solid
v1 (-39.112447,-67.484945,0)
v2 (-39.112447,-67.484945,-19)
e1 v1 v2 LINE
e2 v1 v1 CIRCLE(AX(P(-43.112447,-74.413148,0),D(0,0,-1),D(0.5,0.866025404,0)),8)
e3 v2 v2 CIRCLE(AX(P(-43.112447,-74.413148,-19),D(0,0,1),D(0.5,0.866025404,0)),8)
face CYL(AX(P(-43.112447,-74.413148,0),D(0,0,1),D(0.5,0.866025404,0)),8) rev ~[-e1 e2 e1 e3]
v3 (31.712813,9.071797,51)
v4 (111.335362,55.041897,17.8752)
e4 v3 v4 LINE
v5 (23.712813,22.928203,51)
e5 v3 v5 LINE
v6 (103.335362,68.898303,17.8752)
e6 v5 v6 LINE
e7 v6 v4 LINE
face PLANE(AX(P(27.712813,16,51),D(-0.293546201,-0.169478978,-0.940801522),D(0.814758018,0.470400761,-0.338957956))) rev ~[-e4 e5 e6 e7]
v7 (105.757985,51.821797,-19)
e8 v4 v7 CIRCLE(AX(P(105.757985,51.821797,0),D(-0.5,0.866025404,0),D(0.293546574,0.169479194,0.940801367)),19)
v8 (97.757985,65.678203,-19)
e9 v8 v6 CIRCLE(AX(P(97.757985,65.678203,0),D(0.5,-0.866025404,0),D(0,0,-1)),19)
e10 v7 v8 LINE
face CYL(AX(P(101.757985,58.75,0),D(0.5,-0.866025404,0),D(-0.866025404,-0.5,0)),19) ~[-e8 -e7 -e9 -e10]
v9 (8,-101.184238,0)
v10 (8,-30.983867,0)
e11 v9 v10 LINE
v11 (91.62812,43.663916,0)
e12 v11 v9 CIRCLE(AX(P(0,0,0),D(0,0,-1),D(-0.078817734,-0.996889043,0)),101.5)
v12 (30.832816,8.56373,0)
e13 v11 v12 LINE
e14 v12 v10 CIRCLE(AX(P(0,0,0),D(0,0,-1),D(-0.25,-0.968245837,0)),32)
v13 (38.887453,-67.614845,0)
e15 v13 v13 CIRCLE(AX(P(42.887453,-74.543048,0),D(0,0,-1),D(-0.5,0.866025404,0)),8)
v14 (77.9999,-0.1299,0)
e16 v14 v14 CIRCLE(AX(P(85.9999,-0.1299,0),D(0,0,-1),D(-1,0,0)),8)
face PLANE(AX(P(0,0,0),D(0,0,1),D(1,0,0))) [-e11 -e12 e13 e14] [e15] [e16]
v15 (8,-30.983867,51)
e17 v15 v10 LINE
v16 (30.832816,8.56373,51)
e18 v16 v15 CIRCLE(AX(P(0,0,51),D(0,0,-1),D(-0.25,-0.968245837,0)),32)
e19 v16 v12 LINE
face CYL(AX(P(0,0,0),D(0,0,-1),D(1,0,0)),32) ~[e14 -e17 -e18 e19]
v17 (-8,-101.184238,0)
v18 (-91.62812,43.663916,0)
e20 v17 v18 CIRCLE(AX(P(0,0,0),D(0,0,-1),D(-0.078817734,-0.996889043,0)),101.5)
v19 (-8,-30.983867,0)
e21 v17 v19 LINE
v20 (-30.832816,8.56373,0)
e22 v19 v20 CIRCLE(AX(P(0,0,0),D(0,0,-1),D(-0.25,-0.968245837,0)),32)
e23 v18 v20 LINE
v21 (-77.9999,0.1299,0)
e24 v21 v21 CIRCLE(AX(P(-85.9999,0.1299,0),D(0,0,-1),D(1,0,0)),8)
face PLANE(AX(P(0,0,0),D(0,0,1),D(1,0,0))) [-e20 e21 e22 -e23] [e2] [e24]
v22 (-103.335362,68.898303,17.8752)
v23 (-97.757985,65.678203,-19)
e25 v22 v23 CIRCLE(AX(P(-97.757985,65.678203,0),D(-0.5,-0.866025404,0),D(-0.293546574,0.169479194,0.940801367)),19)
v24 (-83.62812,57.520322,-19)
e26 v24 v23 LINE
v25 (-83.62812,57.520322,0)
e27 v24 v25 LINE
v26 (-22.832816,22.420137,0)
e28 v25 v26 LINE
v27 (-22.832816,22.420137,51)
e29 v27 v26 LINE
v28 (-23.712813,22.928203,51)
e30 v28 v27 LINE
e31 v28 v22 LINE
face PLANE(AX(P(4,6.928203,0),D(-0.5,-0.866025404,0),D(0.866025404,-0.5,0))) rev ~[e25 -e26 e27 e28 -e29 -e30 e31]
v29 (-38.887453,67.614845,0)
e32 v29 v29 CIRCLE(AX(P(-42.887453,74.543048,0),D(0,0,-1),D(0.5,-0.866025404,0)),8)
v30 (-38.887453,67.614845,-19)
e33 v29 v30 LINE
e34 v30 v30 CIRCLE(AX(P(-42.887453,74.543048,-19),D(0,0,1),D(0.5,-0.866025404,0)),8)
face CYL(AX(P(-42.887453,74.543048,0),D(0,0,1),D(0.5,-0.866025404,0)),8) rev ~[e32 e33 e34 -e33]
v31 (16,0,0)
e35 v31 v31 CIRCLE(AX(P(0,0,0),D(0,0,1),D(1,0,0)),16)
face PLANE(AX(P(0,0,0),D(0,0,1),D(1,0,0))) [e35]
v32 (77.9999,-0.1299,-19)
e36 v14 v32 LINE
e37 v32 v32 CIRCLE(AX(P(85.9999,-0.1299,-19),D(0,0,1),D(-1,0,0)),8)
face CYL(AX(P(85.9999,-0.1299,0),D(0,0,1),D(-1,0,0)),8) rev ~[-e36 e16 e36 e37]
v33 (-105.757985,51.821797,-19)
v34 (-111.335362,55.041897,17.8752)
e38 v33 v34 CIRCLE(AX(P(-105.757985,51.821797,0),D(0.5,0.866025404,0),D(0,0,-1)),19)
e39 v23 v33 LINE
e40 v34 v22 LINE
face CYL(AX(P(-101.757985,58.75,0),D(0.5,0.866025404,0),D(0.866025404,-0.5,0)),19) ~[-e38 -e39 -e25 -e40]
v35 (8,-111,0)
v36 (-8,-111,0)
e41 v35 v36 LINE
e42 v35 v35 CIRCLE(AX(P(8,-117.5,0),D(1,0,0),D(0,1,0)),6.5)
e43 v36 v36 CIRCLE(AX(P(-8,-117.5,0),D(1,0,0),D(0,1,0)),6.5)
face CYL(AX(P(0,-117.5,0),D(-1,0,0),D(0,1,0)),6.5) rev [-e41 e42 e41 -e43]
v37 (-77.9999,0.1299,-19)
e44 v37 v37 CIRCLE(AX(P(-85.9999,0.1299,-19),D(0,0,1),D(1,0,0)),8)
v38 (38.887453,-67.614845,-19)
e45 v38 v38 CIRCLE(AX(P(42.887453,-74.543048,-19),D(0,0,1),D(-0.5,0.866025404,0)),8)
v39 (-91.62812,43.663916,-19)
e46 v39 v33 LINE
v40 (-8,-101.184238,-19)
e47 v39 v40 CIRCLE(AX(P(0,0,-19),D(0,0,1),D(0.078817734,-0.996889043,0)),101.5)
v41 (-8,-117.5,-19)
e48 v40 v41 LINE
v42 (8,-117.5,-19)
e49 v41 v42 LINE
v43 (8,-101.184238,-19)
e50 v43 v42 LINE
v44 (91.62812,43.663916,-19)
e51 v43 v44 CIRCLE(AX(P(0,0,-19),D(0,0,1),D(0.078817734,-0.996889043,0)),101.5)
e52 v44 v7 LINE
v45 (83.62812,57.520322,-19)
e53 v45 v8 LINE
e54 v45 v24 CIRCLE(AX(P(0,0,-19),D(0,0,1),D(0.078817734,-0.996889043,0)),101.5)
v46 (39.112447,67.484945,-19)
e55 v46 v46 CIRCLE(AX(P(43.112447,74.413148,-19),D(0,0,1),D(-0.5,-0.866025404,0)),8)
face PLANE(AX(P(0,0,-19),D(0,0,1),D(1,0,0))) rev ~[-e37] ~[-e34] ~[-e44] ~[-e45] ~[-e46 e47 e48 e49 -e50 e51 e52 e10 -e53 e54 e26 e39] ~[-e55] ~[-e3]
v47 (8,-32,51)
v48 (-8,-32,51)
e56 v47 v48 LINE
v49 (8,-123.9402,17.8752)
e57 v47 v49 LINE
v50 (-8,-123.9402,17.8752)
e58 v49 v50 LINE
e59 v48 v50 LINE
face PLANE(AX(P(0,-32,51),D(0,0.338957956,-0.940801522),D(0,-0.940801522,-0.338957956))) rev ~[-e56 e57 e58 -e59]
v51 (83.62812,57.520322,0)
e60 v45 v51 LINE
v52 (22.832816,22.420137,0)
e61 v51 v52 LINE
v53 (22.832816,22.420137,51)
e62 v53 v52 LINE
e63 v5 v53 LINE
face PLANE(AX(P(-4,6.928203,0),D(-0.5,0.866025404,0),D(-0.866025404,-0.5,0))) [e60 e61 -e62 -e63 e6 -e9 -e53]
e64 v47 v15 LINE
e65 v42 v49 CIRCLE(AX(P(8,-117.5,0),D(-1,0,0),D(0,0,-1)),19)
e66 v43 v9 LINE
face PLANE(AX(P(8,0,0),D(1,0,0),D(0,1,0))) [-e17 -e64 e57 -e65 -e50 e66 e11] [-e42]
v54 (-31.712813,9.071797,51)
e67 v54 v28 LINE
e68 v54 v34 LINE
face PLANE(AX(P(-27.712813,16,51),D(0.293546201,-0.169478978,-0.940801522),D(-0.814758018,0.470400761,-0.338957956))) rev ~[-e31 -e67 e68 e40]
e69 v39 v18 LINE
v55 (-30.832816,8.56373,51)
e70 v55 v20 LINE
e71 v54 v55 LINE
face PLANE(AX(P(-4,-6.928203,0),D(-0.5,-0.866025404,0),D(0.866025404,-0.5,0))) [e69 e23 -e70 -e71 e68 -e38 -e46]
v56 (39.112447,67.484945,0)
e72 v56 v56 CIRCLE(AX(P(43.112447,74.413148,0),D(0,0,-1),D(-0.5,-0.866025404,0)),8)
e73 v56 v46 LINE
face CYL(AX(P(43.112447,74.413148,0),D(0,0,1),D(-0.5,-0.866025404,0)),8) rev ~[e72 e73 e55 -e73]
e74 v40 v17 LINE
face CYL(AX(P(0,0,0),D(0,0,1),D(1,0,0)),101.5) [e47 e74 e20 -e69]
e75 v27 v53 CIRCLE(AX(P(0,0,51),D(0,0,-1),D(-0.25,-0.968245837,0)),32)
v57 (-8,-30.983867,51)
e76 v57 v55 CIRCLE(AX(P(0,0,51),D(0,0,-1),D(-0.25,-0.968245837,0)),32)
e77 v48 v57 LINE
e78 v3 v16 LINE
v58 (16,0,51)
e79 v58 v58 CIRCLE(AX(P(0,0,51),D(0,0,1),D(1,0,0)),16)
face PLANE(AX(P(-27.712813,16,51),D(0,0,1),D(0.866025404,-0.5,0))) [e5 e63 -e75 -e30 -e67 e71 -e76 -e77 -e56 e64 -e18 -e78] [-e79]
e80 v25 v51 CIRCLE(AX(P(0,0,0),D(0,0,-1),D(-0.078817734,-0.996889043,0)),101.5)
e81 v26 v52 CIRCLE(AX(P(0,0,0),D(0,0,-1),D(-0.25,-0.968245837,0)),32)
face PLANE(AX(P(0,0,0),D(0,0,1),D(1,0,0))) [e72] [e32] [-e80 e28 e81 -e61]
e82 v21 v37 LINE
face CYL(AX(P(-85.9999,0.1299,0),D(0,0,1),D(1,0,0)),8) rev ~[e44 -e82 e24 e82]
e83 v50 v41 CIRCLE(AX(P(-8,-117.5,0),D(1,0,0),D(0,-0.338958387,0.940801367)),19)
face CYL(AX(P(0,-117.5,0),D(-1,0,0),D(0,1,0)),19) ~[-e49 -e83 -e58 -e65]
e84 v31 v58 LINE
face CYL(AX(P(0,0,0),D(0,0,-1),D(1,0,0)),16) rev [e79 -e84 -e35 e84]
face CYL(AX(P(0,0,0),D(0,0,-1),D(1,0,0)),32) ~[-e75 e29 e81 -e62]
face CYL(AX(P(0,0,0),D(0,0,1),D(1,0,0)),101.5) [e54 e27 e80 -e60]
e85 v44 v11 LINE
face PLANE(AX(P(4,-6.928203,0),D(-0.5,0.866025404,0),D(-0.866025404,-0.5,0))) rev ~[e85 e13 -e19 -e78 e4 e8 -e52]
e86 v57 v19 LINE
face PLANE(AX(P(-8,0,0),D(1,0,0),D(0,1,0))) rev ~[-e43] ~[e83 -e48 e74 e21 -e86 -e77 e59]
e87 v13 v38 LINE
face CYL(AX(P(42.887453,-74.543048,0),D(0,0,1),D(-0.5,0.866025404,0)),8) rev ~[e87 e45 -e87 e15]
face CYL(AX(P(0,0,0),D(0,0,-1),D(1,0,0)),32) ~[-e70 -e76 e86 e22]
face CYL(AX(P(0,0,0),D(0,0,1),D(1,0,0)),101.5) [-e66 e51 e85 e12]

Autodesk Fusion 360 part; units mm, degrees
sketch "Sketch1" plane through (0, 0, 0) normal (0, 0, 1) x (1, 0, 0)
  circle A0 centre (0, 0) radius 101.5
  circle A1 centre (0, 0) radius 16
  circle A2 centre (0, 0) radius 32
  dimension "d1" = 203
  dimension "d2" = 32
  dimension "d3" = 64
extrude "Extrude1" add sketch "Sketch1" along normal blind 51 contours A2
extrude "Extrude2" add sketch "Sketch1" against normal blind 19 contours A0 | A1 | A2
sketch "Sketch2" plane through (0, 0, 0) normal (0, 0, 1) x (1, 0, 0)
  circle A0 centre (0, 0) radius 86
  circle A1 centre (0, 0) radius 32
  circle A2 centre (0, 0) radius 101.5
  circle A3 centre (0, 0) radius 32
  circle A4 centre (-85.9999, 0.1299) radius 8
  dimension "d8" = 172
  dimension "d9" = 64
  dimension "d10" = 64
  dimension "d11" = 203
  dimension "d12" = 64
  dimension "d13" = 16
extrude "Extrude3" cut sketch "Sketch2" against normal blind 30 contours A0 A4 | A0 A4 picked at (-83.3057, 0.1299) picked at (-88.639, 0.1339)
pattern_circular "C-Pattern1" count 6 over 360 about axis through (0, 0, 1.75) along (0, 0, 1) of "Extrude3"
ref_plane "WorkPlane2" through (-117.5, 0, 4.8107) normal (-1, 0, 0) x (0, 1, 0)
ref_plane "WorkPlane3" through (0, 0, 4.8107) normal (-1, 0, 0) x (0, 1, 0)
sketch "Sketch7" plane through (0, 0, 0) normal (0, 0, 1) x (1, 0, 0)
  line L0 (0, 0) -> (0, -117.5)
  circle A0 centre (0, -117.5) radius 6.5
  dimension "d26" = 117.5
  dimension "d27" = 13
extrude "Extrude7" cut sketch "Sketch7" along normal mid plane 16
sketch "Sketch10" plane through (0, 0, 0) normal (1, 0, 0) x (0, 1, 0)
  line L0 (0, 0) -> (-117.5, 0)
  circle A0 centre (-117.5, 0) radius 6.5
  circle A1 centre (-117.5, 0) radius 19
  circle A2 centre (-117.5, 0) radius 6.5
  dimension "d28" = 117.5
  dimension "d29" = 13
  dimension "d30" = 38
sketch "Sketch12" plane through (0, 0, 0) normal (1, 0, 0) x (0, 1, 0)
  line L0 (0, 0) -> (0, 51)
  line L1 (-123.9402, 17.8752) -> (-124.2542, 17.7621)
  circle A0 centre (-117.5, 0) radius 19
  line L2 (-32, 0) -> (-117.5, 0)
  line L3 (-117.5, 0) -> (-117.5, -10)
  line L4 (-117.5, -10) -> (-133.6555, -10)
  line L5 (-32, 51) -> (-123.9402, 17.8752)
  arc A1 (-98.5, 0) -> (-123.9402, 17.8752) centre (-117.5, 0) ccw
  arc A2 (-123.9402, 17.8752) -> (-133.6555, -10) centre (-117.5, 0) ccw
  line L6 (-32, 51) -> (-25, 51)
  line L7 (-25, 51) -> (-25, 0)
  line L8 (-25, 0) -> (-50, 0)
  line L9 (-25, 0) -> (-25, -19)
  line L10 (-25, -19) -> (-117.5, -19)
  dimension "d31" = 51
  dimension "d33" = 51
  dimension "d40" = 19
extrude "Extrude9" add sketch "Sketch12" along normal mid plane 16
extrude "Extrude8" cut sketch "Sketch10" along normal mid plane 16 contours A0 A2
pattern_circular "C-Pattern2" count 3 over 360 about axis through (0, 0, 0) along (0, 0, 1) of "Extrude8", "Extrude9"
